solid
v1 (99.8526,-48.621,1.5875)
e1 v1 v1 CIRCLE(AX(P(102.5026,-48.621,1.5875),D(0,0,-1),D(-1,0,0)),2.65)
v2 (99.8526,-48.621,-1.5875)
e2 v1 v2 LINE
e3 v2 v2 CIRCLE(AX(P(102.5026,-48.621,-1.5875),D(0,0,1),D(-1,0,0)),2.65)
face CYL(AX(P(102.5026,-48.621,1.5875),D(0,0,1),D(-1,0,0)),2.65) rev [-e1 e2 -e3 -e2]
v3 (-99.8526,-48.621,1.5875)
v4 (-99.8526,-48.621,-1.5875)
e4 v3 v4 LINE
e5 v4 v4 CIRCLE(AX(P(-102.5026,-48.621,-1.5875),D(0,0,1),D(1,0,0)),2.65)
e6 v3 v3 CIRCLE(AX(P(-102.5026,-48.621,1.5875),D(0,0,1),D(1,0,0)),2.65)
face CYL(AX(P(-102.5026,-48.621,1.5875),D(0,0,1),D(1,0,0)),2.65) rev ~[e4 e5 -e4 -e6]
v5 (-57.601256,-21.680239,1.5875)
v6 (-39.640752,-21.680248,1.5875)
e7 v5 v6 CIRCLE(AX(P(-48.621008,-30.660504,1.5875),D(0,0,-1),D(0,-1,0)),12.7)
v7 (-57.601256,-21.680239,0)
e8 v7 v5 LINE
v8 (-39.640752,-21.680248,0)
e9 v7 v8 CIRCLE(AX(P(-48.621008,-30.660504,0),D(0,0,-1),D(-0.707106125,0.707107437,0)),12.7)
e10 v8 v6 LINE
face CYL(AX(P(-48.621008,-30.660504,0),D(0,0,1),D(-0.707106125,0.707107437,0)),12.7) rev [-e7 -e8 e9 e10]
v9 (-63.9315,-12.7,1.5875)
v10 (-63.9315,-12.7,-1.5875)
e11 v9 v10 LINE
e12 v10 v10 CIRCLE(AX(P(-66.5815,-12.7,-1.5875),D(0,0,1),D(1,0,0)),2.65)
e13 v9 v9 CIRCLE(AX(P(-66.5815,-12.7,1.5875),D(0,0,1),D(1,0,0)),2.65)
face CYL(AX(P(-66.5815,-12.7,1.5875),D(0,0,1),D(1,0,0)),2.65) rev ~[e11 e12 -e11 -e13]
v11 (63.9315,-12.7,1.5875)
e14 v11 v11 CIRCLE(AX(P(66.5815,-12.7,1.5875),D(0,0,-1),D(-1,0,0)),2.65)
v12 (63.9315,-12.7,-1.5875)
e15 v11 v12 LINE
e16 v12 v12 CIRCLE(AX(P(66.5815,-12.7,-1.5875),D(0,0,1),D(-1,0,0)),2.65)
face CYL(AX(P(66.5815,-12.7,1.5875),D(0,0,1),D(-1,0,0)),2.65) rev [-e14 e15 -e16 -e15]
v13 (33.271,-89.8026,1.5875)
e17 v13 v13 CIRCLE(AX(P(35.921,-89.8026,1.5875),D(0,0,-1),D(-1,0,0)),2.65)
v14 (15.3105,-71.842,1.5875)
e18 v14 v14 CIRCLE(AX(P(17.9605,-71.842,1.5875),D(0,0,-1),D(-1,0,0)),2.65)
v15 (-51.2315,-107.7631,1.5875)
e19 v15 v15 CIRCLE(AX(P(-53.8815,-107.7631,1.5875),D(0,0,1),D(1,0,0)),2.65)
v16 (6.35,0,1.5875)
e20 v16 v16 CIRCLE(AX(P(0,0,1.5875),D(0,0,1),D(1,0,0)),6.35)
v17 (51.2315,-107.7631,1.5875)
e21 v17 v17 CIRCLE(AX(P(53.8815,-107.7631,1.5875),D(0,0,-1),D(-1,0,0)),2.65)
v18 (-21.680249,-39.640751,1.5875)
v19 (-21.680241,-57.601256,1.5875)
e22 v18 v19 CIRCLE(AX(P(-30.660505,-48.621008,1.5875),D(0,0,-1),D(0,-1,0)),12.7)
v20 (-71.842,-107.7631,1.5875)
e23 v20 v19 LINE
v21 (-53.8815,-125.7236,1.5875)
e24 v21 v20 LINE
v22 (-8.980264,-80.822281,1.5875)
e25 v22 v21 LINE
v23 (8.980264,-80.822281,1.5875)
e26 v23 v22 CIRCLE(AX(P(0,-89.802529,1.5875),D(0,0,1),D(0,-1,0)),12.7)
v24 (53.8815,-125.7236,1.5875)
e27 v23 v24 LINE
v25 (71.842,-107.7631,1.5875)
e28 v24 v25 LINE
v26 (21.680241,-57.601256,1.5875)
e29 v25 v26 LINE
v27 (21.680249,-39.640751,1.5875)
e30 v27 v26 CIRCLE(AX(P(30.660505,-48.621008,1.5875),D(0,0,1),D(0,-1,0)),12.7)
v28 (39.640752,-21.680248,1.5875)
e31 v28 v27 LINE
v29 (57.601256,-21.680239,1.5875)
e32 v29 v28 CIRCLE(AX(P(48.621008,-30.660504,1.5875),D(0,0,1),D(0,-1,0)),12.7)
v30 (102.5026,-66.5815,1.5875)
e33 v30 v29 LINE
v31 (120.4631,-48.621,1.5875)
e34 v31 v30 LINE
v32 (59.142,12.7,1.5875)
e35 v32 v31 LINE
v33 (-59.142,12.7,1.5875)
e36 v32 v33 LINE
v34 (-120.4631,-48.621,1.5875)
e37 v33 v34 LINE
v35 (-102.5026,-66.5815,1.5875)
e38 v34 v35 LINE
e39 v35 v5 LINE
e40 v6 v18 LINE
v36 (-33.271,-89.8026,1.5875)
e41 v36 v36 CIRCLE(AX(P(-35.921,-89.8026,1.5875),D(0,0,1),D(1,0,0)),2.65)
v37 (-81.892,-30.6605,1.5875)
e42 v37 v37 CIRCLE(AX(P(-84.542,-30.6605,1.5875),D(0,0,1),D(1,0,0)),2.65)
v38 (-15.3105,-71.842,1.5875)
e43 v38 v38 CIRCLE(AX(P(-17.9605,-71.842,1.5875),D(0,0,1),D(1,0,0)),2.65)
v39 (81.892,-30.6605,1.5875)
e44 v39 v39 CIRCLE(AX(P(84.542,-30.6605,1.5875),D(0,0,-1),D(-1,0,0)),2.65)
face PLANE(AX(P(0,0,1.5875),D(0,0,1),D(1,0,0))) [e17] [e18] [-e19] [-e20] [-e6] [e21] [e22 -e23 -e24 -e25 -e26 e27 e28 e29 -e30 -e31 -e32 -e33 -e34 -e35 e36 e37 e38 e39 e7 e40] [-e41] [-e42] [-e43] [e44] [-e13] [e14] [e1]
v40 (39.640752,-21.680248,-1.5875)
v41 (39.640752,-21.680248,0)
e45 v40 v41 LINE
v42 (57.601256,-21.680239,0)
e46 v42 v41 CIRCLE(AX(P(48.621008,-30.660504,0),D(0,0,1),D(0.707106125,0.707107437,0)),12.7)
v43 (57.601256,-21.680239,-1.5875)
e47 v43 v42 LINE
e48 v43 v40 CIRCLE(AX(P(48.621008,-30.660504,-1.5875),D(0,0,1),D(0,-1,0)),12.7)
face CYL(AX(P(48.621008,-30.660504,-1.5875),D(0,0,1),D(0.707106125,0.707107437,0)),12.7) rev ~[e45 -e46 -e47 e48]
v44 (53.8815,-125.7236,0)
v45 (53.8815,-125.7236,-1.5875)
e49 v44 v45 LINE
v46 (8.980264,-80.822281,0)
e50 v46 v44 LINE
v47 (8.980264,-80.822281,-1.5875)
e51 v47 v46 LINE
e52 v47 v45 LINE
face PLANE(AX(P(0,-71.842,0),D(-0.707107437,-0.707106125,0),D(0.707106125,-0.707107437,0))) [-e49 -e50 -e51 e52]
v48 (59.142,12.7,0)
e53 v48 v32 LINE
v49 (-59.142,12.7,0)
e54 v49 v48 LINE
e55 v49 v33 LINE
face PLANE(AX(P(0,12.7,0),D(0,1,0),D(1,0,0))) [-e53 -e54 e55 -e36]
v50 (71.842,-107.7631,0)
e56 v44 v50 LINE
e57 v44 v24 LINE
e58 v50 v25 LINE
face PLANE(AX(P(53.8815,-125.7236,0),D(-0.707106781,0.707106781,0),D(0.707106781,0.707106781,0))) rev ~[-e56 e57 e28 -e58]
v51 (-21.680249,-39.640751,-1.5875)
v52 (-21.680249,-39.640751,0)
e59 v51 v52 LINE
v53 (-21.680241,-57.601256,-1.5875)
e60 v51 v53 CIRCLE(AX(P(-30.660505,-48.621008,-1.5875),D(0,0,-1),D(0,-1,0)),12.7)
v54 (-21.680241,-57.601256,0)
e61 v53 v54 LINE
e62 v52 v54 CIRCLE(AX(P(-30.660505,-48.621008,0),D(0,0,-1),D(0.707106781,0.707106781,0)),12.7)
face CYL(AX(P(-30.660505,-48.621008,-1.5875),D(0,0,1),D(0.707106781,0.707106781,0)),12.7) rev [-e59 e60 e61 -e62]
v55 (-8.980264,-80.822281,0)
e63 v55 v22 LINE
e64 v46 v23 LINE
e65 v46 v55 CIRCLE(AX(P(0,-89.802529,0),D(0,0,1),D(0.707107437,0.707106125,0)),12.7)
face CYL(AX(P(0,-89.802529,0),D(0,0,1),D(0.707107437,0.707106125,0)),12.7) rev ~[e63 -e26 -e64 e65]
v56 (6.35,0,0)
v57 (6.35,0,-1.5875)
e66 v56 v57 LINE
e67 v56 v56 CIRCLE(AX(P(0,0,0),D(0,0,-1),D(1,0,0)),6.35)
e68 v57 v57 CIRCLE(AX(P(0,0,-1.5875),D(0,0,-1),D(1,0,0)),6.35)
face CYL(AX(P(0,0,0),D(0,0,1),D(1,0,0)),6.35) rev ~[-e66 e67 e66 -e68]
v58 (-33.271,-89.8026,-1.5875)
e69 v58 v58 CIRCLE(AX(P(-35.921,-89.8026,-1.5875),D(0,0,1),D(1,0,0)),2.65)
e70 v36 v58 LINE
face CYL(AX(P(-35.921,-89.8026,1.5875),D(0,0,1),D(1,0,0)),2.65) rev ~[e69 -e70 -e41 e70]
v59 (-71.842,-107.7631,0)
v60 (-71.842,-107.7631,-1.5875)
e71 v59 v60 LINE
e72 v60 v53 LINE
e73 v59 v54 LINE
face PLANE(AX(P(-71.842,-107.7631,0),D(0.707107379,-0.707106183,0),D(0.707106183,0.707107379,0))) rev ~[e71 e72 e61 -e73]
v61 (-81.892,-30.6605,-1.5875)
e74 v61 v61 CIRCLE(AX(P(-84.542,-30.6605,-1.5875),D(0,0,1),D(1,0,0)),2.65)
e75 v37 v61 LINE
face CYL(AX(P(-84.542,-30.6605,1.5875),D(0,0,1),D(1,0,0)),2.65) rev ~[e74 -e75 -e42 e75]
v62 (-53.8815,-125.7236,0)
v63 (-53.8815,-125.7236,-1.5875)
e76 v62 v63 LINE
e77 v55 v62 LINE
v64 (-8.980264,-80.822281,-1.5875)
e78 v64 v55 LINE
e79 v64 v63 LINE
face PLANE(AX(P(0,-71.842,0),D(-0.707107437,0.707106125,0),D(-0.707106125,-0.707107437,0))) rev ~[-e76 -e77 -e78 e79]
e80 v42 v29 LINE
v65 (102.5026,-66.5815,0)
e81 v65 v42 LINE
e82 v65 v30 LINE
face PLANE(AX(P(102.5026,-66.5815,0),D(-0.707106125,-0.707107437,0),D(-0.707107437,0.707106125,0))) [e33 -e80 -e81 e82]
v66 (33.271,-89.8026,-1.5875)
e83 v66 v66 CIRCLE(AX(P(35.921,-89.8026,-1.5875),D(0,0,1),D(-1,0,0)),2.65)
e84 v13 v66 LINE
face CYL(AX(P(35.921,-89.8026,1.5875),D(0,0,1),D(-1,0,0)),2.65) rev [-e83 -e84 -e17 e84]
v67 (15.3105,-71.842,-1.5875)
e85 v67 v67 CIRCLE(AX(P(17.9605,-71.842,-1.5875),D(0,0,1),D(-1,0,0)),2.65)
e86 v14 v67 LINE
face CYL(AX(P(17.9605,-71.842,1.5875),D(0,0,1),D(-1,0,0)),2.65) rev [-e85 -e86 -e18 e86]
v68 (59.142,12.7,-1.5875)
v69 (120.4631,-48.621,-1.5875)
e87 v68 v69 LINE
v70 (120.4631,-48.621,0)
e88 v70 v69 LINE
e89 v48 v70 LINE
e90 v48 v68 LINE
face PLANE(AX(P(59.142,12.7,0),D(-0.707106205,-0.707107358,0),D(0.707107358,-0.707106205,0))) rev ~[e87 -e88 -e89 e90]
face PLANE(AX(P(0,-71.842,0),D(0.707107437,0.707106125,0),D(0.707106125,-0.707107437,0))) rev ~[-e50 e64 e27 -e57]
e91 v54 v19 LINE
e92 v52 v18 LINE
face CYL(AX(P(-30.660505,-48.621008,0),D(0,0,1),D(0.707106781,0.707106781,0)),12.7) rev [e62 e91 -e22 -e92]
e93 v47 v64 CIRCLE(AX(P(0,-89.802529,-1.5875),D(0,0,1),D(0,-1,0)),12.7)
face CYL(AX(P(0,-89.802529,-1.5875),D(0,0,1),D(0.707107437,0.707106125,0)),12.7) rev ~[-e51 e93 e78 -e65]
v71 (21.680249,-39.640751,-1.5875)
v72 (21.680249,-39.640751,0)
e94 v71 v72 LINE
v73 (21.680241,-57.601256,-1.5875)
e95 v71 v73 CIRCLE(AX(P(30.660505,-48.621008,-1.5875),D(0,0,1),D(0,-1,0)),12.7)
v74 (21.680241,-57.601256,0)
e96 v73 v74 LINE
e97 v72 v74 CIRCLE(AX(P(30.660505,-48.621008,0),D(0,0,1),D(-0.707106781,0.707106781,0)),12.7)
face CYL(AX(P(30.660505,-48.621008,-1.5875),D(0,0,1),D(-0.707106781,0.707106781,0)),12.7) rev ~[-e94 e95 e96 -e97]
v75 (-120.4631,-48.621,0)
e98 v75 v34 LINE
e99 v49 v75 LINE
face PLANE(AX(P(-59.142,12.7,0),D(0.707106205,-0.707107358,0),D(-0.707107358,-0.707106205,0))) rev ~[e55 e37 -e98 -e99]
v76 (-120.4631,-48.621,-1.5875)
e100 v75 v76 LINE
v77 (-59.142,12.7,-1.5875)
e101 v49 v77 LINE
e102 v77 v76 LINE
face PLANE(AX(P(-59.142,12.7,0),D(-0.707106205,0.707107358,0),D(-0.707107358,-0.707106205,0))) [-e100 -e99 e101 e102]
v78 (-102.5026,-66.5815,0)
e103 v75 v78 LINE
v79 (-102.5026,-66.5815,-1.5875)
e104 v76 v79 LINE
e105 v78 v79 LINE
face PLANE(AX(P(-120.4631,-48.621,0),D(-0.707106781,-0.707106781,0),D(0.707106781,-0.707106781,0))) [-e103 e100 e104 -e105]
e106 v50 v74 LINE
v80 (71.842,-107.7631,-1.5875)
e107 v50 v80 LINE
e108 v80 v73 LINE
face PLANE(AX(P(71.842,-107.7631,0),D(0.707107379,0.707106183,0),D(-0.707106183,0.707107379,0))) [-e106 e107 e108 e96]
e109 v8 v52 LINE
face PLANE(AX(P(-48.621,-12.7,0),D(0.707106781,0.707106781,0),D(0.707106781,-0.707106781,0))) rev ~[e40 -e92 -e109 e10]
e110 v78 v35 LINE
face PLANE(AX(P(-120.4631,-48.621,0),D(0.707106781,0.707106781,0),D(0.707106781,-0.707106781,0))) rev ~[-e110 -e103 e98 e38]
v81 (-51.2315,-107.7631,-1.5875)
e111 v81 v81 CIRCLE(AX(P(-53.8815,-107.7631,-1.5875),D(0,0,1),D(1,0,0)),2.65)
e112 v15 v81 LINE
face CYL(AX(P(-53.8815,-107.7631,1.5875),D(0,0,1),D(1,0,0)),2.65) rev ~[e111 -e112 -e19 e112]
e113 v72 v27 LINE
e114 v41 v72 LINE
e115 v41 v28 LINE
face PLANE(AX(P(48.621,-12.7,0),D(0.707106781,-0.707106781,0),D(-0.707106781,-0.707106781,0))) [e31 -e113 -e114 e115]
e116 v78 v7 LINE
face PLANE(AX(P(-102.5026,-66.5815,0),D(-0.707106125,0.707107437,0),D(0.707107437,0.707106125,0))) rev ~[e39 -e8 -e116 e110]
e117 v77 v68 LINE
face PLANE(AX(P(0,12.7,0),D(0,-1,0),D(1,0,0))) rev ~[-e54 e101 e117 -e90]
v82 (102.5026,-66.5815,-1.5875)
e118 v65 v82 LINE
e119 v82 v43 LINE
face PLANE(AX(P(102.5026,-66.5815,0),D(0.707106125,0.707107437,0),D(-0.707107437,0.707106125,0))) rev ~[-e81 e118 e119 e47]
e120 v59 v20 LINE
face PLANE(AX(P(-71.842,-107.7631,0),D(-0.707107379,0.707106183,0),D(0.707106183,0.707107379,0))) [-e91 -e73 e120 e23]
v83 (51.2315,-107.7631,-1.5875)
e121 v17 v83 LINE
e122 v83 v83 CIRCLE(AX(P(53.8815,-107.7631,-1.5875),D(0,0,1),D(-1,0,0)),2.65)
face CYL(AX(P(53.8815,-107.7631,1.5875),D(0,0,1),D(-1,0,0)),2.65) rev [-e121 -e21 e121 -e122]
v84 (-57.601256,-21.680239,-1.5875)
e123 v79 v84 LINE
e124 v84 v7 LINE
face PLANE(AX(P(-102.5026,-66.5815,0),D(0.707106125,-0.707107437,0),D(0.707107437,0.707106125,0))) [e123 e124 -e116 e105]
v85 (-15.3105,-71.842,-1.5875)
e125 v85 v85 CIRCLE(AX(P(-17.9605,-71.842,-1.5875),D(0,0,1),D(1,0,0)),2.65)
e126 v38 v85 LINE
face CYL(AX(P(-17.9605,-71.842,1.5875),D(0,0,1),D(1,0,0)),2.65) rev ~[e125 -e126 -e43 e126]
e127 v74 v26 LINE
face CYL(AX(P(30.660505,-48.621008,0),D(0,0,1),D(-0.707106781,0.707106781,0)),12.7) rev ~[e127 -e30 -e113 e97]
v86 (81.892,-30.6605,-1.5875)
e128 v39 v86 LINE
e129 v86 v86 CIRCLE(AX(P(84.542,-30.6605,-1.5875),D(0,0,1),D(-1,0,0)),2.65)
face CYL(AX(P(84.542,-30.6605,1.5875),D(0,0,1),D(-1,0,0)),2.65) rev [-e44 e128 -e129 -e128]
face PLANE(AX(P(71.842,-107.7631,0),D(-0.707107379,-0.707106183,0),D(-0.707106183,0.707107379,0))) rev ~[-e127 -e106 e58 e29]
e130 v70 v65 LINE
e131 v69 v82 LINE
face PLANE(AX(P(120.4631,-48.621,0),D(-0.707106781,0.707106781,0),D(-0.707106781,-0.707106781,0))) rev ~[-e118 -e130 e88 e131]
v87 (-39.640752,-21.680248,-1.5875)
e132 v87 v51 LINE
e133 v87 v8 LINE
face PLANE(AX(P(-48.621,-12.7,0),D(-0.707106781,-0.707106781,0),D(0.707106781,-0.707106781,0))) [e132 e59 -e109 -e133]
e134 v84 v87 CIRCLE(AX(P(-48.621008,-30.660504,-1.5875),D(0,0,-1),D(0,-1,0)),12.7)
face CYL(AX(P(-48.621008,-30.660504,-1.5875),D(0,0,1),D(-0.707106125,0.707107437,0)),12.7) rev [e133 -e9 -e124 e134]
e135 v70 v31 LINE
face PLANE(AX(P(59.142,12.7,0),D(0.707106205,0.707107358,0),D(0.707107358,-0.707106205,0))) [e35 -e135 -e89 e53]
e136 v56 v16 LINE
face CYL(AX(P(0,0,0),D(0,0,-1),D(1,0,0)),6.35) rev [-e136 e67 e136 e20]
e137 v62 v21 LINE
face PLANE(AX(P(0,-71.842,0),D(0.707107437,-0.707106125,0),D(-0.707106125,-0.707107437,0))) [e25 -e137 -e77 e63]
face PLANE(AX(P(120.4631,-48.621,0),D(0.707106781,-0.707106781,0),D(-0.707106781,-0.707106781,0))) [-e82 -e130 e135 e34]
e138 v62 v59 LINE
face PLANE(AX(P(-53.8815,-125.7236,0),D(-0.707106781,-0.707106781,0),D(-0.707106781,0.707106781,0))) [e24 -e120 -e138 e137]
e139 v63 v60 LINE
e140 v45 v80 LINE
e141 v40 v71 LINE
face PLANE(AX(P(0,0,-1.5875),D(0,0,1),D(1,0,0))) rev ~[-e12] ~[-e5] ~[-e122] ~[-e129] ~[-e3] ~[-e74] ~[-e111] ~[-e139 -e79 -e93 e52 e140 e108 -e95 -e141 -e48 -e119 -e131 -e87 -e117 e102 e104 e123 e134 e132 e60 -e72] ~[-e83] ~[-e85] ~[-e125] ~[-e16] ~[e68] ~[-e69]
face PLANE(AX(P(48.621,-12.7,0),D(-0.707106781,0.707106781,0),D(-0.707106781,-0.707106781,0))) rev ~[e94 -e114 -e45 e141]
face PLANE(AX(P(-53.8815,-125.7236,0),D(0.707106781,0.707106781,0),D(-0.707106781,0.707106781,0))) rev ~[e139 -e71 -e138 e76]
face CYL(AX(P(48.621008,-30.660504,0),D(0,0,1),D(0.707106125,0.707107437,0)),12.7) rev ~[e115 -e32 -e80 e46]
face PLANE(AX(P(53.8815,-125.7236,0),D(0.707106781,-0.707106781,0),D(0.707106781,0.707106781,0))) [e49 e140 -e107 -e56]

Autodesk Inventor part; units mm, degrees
ref_plane "YZ Plane" through (0, 0, 0) normal (1, 0, 0) x (0, 1, 0)
ref_plane "XZ Plane" through (0, 0, 0) normal (0, 1, 0) x (-1, 0, 0)
ref_plane "XY Plane" through (0, 0, 0) normal (0, 0, 1) x (1, 0, 0)
sketch "Sketch8" plane through (0, 0, 0) normal (0, 0, 1) x (1, 0, 0)
  circle A0 centre (0, 0) radius 6.35
  line L0 (0, -153.4083) -> (0, 40.3847) projected
  line L1 (0, 12.7) -> (59.142, 12.7)
  line L2 (59.142, 12.7) -> (120.4631, -48.621)
  line L3 (120.4631, -48.621) -> (102.5026, -66.5815)
  line L4 (102.5026, -66.5815) -> (48.621, -12.7)
  line L5 (0, 0) -> (88.4811, -88.4811) construction
  line L6 (48.621, -12.7) -> (12.7, -48.621)
  line L7 (0, 12.7) -> (-59.142, 12.7)
  line L8 (-59.142, 12.7) -> (-120.4631, -48.621)
  line L9 (-120.4631, -48.621) -> (-102.5026, -66.5815)
  line L10 (-102.5026, -66.5815) -> (-48.621, -12.7)
  line L11 (0, 0) -> (-88.4811, -88.4811) construction
  line L12 (-48.621, -12.7) -> (-12.7, -48.621)
  line L13 (0, -71.842) -> (53.8815, -125.7236)
  line L14 (53.8815, -125.7236) -> (71.842, -107.7631)
  line L15 (71.842, -107.7631) -> (12.7, -48.621)
  line L16 (0, -71.842) -> (-53.8815, -125.7236)
  line L17 (-53.8815, -125.7236) -> (-71.842, -107.7631)
  line L18 (-71.842, -107.7631) -> (-12.7, -48.621)
  dimension "d108" = 12.7
  dimension "d110" = 25.4
  dimension "d111" = 76.2
  dimension "d112" = 12.7
  dimension "d113" = 12.7
  dimension "d114" = 50.8
  dimension "d115" = 135
  dimension "d131" = 76.2
  dimension "d133" = 25.4
extrude "Extrusion6" add sketch "Sketch8" along normal mid plane 3.175 contours A0 L0 L1 L2 L3 L4 L6 L15 L14 L13 | A0 L0 L16 L17 L18 L12 L10 L9 L8 L7
sketch "Sketch9" plane through (0, 0, 1.5875) normal (0, 0, 1) x (1, 0, 0)
  line L0 (-59.142, 12.7) -> (-120.4631, -48.621) projected
  line L1 (-102.5026, -66.5815) -> (-48.621, -12.7) projected
  line L2 (-120.4631, -66.5815) -> (0, 53.8815) construction
  line L3 (0, -161.6446) -> (0, 89.8026) construction
  circle A0 centre (-102.5026, -48.621) radius 2.65
  line L4 (-120.4631, -48.621) -> (-102.5026, -66.5815) construction
  circle A1 centre (-84.542, -30.6605) radius 2.65
  circle A2 centre (-66.5815, -12.7) radius 2.65
  line L5 (-93.5249, -93.5249) -> (0, 0) construction
  line L6 (-71.842, -125.7236) -> (0, -53.8815) construction
  line L7 (-12.7, -48.621) -> (-71.842, -107.7631) construction
  circle A3 centre (-53.8815, -107.7631) radius 2.65
  line L8 (-71.842, -107.7631) -> (-53.8815, -125.7236) construction
  circle A4 centre (-35.921, -89.8026) radius 2.65
  circle A5 centre (-17.9605, -71.842) radius 2.65
  dimension "d119" = 45
  dimension "d120" = 12.7
  dimension "d121" = 5.3
  dimension "d124" = 25.4
  dimension "d134" = 5.3
  dimension "d135" = 12.7
  dimension "d138" = 25.4
extrude "Extrusion7" cut sketch "Sketch9" against normal blind 25.4
mirror "Mirror3" about plane through (0, 0, 0) normal (1, 0, 0) of "Extrusion7"
fillet "Fillet4" radius 12.7 5 edges at (-48.621, -12.7, 0) (48.621, -12.7, 0) (0, -71.842, 0) (-12.7, -48.621, 0) (12.7, -48.621, 0)
equation "\"topDiameter\" = 45"
equation "\"bearingDiameter\" = 28.62"
equation "\"plateThickness\" = 6.35"
equation "\"theta12\" = 90deg"
equation "\"gearboxLength\" = 101.6"
equation "\"boltedLength\" = 76.2"
equation "\"topDiameter_1\" = 25"
equation "\"shaftLength_1\" = 76.2"
equation "\"bearingDiameter_1\" = 28.62"
equation "\"plateThickness_1\" = 6.35"
equation "\"theta12_1\" = 100deg"
equation "\"boltDiameter_1\" = 6"
equation "\"gearboxLength_1\" = 101.6"
equation "\"boltedLength_1\" = 76.2"
equation "\"innerBoltSpacing_1\" = 12.7"
equation "\"outerBoltSpacing_1\" = 12.7"
equation "\"shaftLength\" = 76.2"
equation "\"boltDiameter\" = 5.3"
equation "\"outerBoltSpacing\" = 12.7"
equation "\"innerBoltSpacing\" = 12.7"
properties part number "KneePivotPlate" material "Aluminum 6061"
